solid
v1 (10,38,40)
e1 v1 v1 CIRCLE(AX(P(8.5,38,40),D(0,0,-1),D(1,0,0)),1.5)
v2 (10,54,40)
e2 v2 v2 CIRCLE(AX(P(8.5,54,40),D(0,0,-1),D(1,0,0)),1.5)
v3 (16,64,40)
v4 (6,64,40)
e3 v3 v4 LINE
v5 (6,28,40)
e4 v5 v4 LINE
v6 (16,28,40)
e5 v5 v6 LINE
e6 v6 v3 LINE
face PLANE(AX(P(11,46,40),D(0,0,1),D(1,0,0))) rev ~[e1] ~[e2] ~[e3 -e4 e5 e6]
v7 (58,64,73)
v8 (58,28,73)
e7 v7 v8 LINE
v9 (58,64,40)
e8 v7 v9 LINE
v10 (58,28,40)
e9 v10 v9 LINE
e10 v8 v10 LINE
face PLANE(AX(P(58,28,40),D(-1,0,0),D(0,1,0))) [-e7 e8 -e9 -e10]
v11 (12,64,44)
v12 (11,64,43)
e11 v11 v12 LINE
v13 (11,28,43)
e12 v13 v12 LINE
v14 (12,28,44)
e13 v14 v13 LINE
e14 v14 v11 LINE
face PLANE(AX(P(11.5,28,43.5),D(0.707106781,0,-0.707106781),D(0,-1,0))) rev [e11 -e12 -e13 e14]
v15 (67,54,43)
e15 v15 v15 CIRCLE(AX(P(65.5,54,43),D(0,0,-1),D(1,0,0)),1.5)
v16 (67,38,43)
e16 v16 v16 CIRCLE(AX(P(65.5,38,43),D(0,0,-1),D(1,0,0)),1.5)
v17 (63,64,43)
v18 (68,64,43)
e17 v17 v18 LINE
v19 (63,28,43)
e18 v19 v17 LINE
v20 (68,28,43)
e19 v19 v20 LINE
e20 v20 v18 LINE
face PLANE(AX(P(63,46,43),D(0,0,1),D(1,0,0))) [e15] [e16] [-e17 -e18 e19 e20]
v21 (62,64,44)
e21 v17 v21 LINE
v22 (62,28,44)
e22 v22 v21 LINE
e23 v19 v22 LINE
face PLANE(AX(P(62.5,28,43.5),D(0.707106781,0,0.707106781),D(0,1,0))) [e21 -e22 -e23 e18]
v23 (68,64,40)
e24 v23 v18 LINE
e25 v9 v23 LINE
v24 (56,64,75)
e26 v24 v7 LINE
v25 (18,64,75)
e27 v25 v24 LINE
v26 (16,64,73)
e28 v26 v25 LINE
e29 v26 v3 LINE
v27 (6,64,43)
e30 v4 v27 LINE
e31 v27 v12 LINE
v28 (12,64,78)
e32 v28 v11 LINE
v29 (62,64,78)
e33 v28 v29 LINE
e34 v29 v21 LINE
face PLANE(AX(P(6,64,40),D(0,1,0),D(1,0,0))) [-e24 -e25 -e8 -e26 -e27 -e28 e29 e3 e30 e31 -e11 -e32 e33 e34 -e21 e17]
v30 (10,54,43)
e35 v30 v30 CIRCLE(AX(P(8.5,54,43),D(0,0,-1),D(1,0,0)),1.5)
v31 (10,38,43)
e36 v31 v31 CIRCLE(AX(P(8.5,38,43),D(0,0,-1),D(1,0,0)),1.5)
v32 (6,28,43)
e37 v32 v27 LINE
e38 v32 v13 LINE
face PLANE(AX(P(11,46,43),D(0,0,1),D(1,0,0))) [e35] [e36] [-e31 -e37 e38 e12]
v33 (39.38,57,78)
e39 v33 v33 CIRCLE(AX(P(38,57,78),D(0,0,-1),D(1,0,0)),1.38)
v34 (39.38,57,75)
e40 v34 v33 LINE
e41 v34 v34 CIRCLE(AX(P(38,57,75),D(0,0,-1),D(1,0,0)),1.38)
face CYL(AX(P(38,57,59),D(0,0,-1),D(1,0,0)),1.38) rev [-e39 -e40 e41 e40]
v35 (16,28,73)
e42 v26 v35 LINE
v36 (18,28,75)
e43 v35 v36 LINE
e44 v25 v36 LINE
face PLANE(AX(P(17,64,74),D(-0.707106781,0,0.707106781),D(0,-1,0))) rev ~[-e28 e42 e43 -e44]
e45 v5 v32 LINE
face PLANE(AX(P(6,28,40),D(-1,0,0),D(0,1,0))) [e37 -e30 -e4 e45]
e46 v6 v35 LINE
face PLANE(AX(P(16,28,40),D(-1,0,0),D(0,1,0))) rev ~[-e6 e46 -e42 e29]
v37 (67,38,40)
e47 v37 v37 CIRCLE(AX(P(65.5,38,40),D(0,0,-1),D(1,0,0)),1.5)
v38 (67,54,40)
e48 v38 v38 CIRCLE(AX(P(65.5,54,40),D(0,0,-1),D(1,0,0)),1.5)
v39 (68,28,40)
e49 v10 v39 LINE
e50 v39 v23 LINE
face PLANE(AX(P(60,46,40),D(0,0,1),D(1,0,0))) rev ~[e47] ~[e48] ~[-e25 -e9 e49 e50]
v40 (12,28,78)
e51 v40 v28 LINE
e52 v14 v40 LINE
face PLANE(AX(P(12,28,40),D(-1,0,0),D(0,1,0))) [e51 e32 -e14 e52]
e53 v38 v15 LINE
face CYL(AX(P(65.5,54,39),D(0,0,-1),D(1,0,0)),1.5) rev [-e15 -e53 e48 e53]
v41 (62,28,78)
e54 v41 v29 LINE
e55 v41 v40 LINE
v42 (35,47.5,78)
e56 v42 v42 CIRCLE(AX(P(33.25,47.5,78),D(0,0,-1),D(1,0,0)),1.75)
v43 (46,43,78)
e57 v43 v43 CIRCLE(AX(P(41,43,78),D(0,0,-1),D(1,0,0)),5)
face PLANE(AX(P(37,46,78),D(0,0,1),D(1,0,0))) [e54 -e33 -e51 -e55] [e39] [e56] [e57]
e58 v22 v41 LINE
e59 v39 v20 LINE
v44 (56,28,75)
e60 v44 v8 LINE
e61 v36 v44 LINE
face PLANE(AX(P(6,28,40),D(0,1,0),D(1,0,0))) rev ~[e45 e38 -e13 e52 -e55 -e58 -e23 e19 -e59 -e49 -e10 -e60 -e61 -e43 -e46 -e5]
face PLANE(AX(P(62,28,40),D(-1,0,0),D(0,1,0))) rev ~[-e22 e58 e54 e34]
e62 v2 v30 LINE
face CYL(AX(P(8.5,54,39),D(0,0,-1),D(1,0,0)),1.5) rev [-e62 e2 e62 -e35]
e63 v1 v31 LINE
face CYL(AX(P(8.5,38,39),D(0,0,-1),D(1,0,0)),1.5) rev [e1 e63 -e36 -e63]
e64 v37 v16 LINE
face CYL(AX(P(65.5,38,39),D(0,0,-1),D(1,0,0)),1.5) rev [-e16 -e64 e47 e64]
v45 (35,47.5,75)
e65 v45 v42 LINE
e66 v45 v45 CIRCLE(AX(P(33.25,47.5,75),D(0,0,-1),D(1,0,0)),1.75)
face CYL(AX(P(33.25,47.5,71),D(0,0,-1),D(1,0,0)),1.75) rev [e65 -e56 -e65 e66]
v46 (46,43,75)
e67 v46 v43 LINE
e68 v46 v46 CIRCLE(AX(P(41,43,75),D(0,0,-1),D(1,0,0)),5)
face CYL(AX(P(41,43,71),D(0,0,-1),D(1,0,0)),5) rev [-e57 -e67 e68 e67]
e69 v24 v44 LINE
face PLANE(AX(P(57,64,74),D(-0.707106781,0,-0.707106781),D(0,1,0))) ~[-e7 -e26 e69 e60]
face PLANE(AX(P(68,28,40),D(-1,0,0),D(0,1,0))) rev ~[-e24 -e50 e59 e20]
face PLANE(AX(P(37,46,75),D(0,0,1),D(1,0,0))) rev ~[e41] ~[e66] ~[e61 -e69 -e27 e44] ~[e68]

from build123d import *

# Parameters (mm, degrees)
CYLINDER049_R             = 1.38
CYLINDER049_DEPTH         = 40
CYLINDER030_R             = 1.75
CYLINDER030_DEPTH         = 10
CYLINDER029_R             = 5
CYLINDER029_DEPTH         = 10
CYLINDER024_R             = 8.5
CYLINDER024_DEPTH         = 2
BOX014_W                  = 0.5
BOX014_H                  = 1
BOX014_DEPTH              = 5
ARRAY002_COUNT            = 12
BOX015_W                  = 0.5
BOX015_H                  = 1
BOX015_DEPTH              = 5
CYLINDER026_R             = 4.5
CYLINDER026_DEPTH         = 8
CYLINDER028_R             = 1.5
CYLINDER028_DEPTH         = 4
BOX016_W                  = 1
BOX016_H                  = 10
BOX016_DEPTH              = 30
CYLINDER027_R             = 3
CYLINDER027_DEPTH         = 30
CYLINDER025_R             = 13
CYLINDER025_DEPTH         = 10
FUSION006_ROLL_ANGLE      = 180
FUSION006_PLACEMENT_ANGLE = 150
CYLINDER023_R             = 1.5
CYLINDER023_DEPTH         = 5
CYLINDER022_R             = 1.5
CYLINDER022_DEPTH         = 5
CYLINDER021_R             = 1.5
CYLINDER021_DEPTH         = 5
CYLINDER020_R             = 1.5
CYLINDER020_DEPTH         = 5
BOX010_W                  = 4
BOX010_H                  = 36
BOX010_DEPTH              = 38
BOX011_W                  = 4
BOX011_H                  = 36
BOX011_DEPTH              = 38
BOX012_W                  = 10
BOX012_H                  = 36
BOX012_DEPTH              = 3
BOX013_W                  = 10
BOX013_H                  = 36
BOX013_DEPTH              = 3
BOX009_W                  = 50
BOX009_H                  = 36
BOX009_DEPTH              = 3
CHAMFER_SIZE              = 2
CHAMFER001_SIZE           = 1


with BuildPart() as cylinder049:
    # Cylinder049 → Cylinder049 (new body)
    with BuildSketch(Plane(origin=(38, 57, 59), x_dir=(1, 0, 0), z_dir=(0, 0, 1))):
        Circle(CYLINDER049_R)
    extrude(amount=CYLINDER049_DEPTH)


with BuildPart() as cylinder030:
    # Cylinder030 → Cylinder030 (new body)
    with BuildSketch(Plane(origin=(33.25, 47.5, 71), x_dir=(1, 0, 0), z_dir=(0, 0, 1))):
        Circle(CYLINDER030_R)
    extrude(amount=CYLINDER030_DEPTH)


with BuildPart() as cylinder029:
    # Cylinder029 → Cylinder029 (new body)
    with BuildSketch(Plane(origin=(41, 43, 71), x_dir=(1, 0, 0), z_dir=(0, 0, 1))):
        Circle(CYLINDER029_R)
    extrude(amount=CYLINDER029_DEPTH)


with BuildPart() as cylinder024:
    # Cylinder024 → Cylinder024 (new body)
    with BuildSketch(Plane.XY.offset(10)):
        Circle(CYLINDER024_R)
    extrude(amount=CYLINDER024_DEPTH)


with BuildPart() as pin_array002:
    # Box014 → Box014 (new body)
    with BuildSketch(Plane(origin=(11, -0.5, -5), x_dir=(1, 0, 0), z_dir=(0, 0, 1))):
        with Locations((0.25, 0.5)):
            Rectangle(BOX014_W, BOX014_H)
    extrude(amount=BOX014_DEPTH)

    # Array002: Pin array002 ×12 about axis
    array002_axis = Axis((0, 0, 0), (0, 0, 1))


with BuildPart() as pin_array002_1:
    add(pin_array002.part)
    for i in range(1, ARRAY002_COUNT):
        add(pin_array002.part.rotate(array002_axis, i * 360 / ARRAY002_COUNT))


with BuildPart() as pin_central002:
    # Box015 → Box015 (new body)
    with BuildSketch(Plane(origin=(3, -0.5, -5), x_dir=(1, 0, 0), z_dir=(0, 0, 1))):
        with Locations((0.25, 0.5)):
            Rectangle(BOX015_W, BOX015_H)
    extrude(amount=BOX015_DEPTH)


with BuildPart() as cylinder026:
    # Cylinder026 → Cylinder026 (new body)
    with BuildSketch(Plane.XY.offset(12)):
        Circle(CYLINDER026_R)
    extrude(amount=CYLINDER026_DEPTH)


with BuildPart() as cylinder028:
    # Cylinder028 → Cylinder028 (new body)
    with BuildSketch(Plane(origin=(9, 0, 10), x_dir=(1, 0, 0), z_dir=(0, 0, 1))):
        Circle(CYLINDER028_R)
    extrude(amount=CYLINDER028_DEPTH)


with BuildPart() as recorte002:
    # Box016 → Box016 (new body)
    with BuildSketch(Plane(origin=(2, -5, 20), x_dir=(1, 0, 0), z_dir=(0, 0, 1))):
        with Locations((0.5, 5)):
            Rectangle(BOX016_W, BOX016_H)
    extrude(amount=BOX016_DEPTH)


with BuildPart() as cuerpo_4_recortado002:
    # Cylinder027 → Cylinder027 (new body)
    with BuildSketch(Plane.XY.offset(20)):
        Circle(CYLINDER027_R)
    extrude(amount=CYLINDER027_DEPTH)

    # Cut010: cut Recorte002
    add(recorte002.part, mode=Mode.SUBTRACT)


with BuildPart() as selector_taladro:
    # Cylinder025 → Cylinder025 (new body)
    with BuildSketch(Plane.XY):
        Circle(CYLINDER025_R)
    extrude(amount=CYLINDER025_DEPTH)

    # Fusion006: union Cylinder024, Pin array002, Pin central002, Cylinder026, Cylinder028, Cuerpo 4 recortado002
    add(cylinder024.part)
    add(pin_array002_1.part)
    add(pin_central002.part)
    add(cylinder026.part)
    add(cylinder028.part)
    add(cuerpo_4_recortado002.part)


with BuildPart() as selector_taladro_1:
    # Fusion006 roll: moved
    add(selector_taladro.part.rotate(Axis((0, 0, 0), (1, 0, 0)), FUSION006_ROLL_ANGLE))


with BuildPart() as selector_taladro_2:
    # Fusion006 placement: moved
    add(selector_taladro_1.part.moved(Location((40.992958, 43.010908, 90))).rotate(Axis((40.992958, 43.010908, 90), (0, 0, 1)), FUSION006_PLACEMENT_ANGLE))


with BuildPart() as cylinder023:
    # Cylinder023 → Cylinder023 (new body)
    with BuildSketch(Plane(origin=(65.5, 54, 39), x_dir=(1, 0, 0), z_dir=(0, 0, 1))):
        Circle(CYLINDER023_R)
    extrude(amount=CYLINDER023_DEPTH)


with BuildPart() as cylinder022:
    # Cylinder022 → Cylinder022 (new body)
    with BuildSketch(Plane(origin=(65.5, 38, 39), x_dir=(1, 0, 0), z_dir=(0, 0, 1))):
        Circle(CYLINDER022_R)
    extrude(amount=CYLINDER022_DEPTH)


with BuildPart() as cylinder021:
    # Cylinder021 → Cylinder021 (new body)
    with BuildSketch(Plane(origin=(8.5, 54, 39), x_dir=(1, 0, 0), z_dir=(0, 0, 1))):
        Circle(CYLINDER021_R)
    extrude(amount=CYLINDER021_DEPTH)


with BuildPart() as cylinder020:
    # Cylinder020 → Cylinder020 (new body)
    with BuildSketch(Plane(origin=(8.5, 38, 39), x_dir=(1, 0, 0), z_dir=(0, 0, 1))):
        Circle(CYLINDER020_R)
    extrude(amount=CYLINDER020_DEPTH)


with BuildPart() as box010:
    # Box010 → Box010 (new body)
    with BuildSketch(Plane(origin=(12, 28, 40), x_dir=(1, 0, 0), z_dir=(0, 0, 1))):
        with Locations((2, 18)):
            Rectangle(BOX010_W, BOX010_H)
    extrude(amount=BOX010_DEPTH)


with BuildPart() as box011:
    # Box011 → Box011 (new body)
    with BuildSketch(Plane(origin=(58, 28, 40), x_dir=(1, 0, 0), z_dir=(0, 0, 1))):
        with Locations((2, 18)):
            Rectangle(BOX011_W, BOX011_H)
    extrude(amount=BOX011_DEPTH)


with BuildPart() as box012:
    # Box012 → Box012 (new body)
    with BuildSketch(Plane(origin=(6, 28, 40), x_dir=(1, 0, 0), z_dir=(0, 0, 1))):
        with Locations((5, 18)):
            Rectangle(BOX012_W, BOX012_H)
    extrude(amount=BOX012_DEPTH)


with BuildPart() as box013:
    # Box013 → Box013 (new body)
    with BuildSketch(Plane(origin=(58, 28, 40), x_dir=(1, 0, 0), z_dir=(0, 0, 1))):
        with Locations((5, 18)):
            Rectangle(BOX013_W, BOX013_H)
    extrude(amount=BOX013_DEPTH)


with BuildPart() as cut028:
    # Box009 → Box009 (new body)
    with BuildSketch(Plane(origin=(12, 28, 75), x_dir=(1, 0, 0), z_dir=(0, 0, 1))):
        with Locations((25, 18)):
            Rectangle(BOX009_W, BOX009_H)
    extrude(amount=BOX009_DEPTH)

    # Fusion005: union Box010, Box011, Box012, Box013
    add(box010.part)
    add(box011.part)
    add(box012.part)
    add(box013.part)

    # Chamfer
    chamfer_edges = [cut028.edges().sort_by_distance(p)[0] for p in [
        (58, 46, 75),
        (16, 46, 75),
    ]]
    chamfer(chamfer_edges, length=CHAMFER_SIZE)

    # Chamfer001
    chamfer001_edges = [cut028.edges().sort_by_distance(p)[0] for p in [
        (62, 46, 43),
        (12, 46, 43),
    ]]
    chamfer(chamfer001_edges, length=CHAMFER001_SIZE)

    # Cut006: cut Cylinder020
    add(cylinder020.part, mode=Mode.SUBTRACT)

    # Cut007: cut Cylinder021
    add(cylinder021.part, mode=Mode.SUBTRACT)

    # Cut008: cut Cylinder022
    add(cylinder022.part, mode=Mode.SUBTRACT)

    # Cut009: cut Cylinder023
    add(cylinder023.part, mode=Mode.SUBTRACT)

    # Cut011: cut Selector taladro
    add(selector_taladro_2.part, mode=Mode.SUBTRACT)

    # Cut012: cut Cylinder029
    add(cylinder029.part, mode=Mode.SUBTRACT)

    # Cut013: cut Cylinder030
    add(cylinder030.part, mode=Mode.SUBTRACT)

    # Cut028: cut Cylinder049
    add(cylinder049.part, mode=Mode.SUBTRACT)


solid = cut028.part
